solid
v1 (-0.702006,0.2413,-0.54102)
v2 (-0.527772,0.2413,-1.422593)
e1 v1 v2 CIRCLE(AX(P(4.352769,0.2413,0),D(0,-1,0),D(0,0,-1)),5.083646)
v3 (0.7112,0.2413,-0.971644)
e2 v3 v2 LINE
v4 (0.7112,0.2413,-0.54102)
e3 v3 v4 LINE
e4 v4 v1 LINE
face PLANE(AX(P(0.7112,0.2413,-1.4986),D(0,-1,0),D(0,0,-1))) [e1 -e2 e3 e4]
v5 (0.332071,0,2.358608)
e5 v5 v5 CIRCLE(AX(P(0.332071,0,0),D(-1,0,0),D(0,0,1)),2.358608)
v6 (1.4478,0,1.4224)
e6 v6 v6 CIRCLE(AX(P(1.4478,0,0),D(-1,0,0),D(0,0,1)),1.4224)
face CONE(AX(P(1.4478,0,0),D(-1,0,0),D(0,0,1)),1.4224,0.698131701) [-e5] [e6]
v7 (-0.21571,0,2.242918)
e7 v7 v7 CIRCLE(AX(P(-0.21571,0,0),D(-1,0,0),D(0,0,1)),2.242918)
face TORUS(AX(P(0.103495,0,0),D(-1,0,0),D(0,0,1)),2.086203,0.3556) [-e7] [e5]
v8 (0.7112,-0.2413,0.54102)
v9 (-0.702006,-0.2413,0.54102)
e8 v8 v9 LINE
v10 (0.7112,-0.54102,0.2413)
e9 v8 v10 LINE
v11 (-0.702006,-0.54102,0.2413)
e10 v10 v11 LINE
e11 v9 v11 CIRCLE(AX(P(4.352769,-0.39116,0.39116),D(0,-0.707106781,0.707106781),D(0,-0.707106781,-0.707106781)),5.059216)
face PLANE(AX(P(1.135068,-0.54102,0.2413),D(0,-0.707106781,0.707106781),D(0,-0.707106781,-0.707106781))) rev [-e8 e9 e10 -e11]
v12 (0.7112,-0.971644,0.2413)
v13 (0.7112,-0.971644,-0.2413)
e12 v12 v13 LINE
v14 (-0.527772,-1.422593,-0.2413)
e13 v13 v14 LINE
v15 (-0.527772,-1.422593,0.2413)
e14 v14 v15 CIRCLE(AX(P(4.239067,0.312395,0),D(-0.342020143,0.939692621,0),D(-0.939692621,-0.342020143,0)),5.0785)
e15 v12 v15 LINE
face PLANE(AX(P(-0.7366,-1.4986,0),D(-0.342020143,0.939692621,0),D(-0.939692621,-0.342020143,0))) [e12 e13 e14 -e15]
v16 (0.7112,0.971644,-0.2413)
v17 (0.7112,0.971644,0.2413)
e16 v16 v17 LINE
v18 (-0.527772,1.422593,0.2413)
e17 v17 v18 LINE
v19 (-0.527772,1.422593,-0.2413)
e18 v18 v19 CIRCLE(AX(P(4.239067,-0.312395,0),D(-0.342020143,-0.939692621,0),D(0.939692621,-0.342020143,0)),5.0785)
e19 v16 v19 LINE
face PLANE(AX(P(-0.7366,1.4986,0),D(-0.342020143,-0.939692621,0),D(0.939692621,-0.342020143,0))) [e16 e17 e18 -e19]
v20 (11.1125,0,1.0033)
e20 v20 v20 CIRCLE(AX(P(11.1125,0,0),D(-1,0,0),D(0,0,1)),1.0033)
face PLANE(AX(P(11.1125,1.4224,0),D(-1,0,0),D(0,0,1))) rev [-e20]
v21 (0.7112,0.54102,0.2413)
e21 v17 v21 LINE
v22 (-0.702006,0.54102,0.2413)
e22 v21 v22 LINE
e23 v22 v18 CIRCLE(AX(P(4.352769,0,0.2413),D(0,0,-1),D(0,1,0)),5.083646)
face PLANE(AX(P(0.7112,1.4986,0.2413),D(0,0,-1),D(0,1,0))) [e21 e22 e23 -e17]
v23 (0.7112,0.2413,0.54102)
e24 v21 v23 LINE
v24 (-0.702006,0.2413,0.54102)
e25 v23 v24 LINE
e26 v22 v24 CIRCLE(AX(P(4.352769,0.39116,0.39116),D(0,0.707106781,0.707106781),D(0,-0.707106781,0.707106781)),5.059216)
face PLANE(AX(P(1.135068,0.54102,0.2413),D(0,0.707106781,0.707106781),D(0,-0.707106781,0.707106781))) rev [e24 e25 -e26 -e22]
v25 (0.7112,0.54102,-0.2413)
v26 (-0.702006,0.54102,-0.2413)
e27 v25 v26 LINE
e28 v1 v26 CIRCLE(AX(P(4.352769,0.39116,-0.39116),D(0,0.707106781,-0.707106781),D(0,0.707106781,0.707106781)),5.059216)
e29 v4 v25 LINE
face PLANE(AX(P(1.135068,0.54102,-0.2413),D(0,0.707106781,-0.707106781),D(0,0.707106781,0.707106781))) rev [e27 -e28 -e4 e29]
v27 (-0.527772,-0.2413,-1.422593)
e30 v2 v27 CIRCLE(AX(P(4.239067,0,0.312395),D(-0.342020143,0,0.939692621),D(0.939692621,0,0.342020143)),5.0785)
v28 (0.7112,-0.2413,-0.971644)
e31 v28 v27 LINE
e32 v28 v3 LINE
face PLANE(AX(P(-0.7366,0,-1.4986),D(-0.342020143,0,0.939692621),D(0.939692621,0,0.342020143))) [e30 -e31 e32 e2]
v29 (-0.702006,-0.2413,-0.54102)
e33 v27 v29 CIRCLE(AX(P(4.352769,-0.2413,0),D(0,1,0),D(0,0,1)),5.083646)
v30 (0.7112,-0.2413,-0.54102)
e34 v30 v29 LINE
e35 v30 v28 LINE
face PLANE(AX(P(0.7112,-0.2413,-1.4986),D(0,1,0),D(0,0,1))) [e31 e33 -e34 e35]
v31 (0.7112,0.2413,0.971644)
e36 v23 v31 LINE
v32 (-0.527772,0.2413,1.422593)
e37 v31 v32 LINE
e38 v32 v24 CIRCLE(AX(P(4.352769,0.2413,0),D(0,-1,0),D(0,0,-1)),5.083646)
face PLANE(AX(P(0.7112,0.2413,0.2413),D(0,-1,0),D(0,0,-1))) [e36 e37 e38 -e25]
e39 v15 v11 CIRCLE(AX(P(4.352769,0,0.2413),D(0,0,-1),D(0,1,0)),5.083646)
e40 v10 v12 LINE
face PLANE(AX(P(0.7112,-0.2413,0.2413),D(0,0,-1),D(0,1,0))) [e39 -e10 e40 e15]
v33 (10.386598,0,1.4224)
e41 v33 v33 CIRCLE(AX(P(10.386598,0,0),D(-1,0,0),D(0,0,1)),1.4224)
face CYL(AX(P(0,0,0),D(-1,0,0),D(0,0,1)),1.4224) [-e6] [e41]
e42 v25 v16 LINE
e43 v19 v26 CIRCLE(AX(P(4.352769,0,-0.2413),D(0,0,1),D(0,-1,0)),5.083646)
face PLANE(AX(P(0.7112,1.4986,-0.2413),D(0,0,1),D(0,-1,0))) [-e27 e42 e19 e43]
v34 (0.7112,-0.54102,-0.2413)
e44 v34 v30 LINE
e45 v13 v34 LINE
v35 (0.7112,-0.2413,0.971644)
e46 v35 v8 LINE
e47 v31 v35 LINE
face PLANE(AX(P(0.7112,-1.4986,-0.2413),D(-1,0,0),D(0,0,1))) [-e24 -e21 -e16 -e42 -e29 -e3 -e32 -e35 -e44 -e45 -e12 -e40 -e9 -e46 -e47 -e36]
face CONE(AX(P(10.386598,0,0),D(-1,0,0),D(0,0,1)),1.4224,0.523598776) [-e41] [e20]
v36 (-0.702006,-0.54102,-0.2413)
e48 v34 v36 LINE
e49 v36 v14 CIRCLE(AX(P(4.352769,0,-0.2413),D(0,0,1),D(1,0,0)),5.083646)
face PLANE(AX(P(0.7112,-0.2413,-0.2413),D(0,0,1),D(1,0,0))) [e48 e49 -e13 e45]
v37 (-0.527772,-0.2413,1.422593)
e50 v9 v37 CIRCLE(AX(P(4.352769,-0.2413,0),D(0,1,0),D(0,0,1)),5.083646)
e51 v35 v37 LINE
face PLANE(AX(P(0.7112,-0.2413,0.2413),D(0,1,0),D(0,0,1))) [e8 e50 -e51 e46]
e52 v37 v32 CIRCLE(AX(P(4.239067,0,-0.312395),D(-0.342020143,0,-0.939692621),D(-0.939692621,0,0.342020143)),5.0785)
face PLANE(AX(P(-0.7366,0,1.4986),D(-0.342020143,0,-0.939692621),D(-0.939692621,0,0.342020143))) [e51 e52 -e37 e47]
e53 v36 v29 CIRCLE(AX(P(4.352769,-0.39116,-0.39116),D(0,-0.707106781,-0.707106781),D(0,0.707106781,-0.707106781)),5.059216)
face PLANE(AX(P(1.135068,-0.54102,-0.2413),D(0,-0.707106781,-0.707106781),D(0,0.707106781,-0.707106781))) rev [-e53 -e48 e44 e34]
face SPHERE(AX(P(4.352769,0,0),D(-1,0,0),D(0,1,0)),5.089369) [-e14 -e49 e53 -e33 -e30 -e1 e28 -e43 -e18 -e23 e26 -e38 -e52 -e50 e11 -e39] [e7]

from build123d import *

# Parameters (mm, degrees)
CUT_EXTRUDE3_DEPTH         = 1.4478
DRAFT1_ANGLE               = -20
RECESSI_CUT_EXTRUDE5_DEPTH = 1.4478


with BuildPart() as part:
    # Sketch1 → base-Revolve (revolve)
    with BuildSketch(Plane.XY, mode=Mode.PRIVATE) as base_revolve_sk:
        with BuildLine():
            Line((0.33207054, 2.358608179), (1.4478, 1.4224))
            Line((1.4478, 1.4224), (11.1125, 1.4224))
            Line((11.1125, 1.4224), (11.1125, 0))
            Line((11.1125, 0), (0, 0))
            Line((0, 0), (-0.7366, 0))
            ThreePointArc((-0.7366, 0), (-0.604667324, 1.151304479), (-0.215709527, 2.242917995))
            ThreePointArc((-0.215709527, 2.242917995), (0.030014098, 2.434127878), (0.33207054, 2.358608179))
        make_face()
    revolve(base_revolve_sk.sketch.rotate(Axis((0, 0, 0), (1, 0, 0)), 90), axis=Axis((0, 0, 0), (1, 0, 0)))

    # Sketch4 → Cut-Extrude3 (cut)
    with BuildSketch(Plane(origin=(-0.7366, 0, 0), x_dir=(0, 0, -1), z_dir=(1, 0, 0))):
        Polygon((0.2413, 1.4986), (-0.2413, 1.4986), (-0.2413, 0.2413), (-1.4986, 0.2413), (-1.4986, -0.2413), (-0.2413, -0.2413), (-0.2413, -1.4986), (0.2413, -1.4986), (0.2413, -0.2413), (1.4986, -0.2413), (1.4986, 0.2413), (0.2413, 0.2413), align=None)
    extrude(amount=CUT_EXTRUDE3_DEPTH, mode=Mode.SUBTRACT)

    # Draft1
    draft1_faces = [part.faces().sort_by_distance(p)[0] for p in [
        (0.101115896, 0, -1.4986),
        (0.101115896, -1.4986, 0),
        (0.101115896, 0, 1.4986),
        (0.101115896, 1.4986, 0),
    ]]
    draft(draft1_faces, Plane(origin=(-0.7366, 0, 0), x_dir=(0, 0, 1), z_dir=(1, 0, 0)), DRAFT1_ANGLE)

    # Sketch5 → recessI_Cut-Extrude5 (cut)
    with BuildSketch(Plane.ZY.offset(0.7366)):
        Polygon((0.2413, 0.54102), (0.54102, 0.2413), (0.2413, 0.2413), align=None)
        Polygon((-0.2413, 0.2413), (-0.54102, 0.2413), (-0.2413, 0.54102), align=None)
        Polygon((-0.2413, -0.54102), (-0.54102, -0.2413), (-0.2413, -0.2413), align=None)
        Polygon((0.2413, -0.2413), (0.54102, -0.2413), (0.2413, -0.54102), align=None)
    extrude(amount=-RECESSI_CUT_EXTRUDE5_DEPTH, mode=Mode.SUBTRACT)

    # Sketch8 → point_Cut-Revolve1 (revolve, cut)
    with BuildSketch(Plane.XY, mode=Mode.PRIVATE) as point_cut_revolve1_sk:
        Polygon((11.1125, 0), (11.6205, 0), (11.6205, 1.9304), (10.386597507, 1.9304), (10.386597507, 1.4224), (11.1125, 1.0033), align=None)
    revolve(point_cut_revolve1_sk.sketch.rotate(Axis((0, 0, 0), (1, 0, 0)), 90), axis=Axis((0, 0, 0), (1, 0, 0)), mode=Mode.SUBTRACT)


solid = part.part
